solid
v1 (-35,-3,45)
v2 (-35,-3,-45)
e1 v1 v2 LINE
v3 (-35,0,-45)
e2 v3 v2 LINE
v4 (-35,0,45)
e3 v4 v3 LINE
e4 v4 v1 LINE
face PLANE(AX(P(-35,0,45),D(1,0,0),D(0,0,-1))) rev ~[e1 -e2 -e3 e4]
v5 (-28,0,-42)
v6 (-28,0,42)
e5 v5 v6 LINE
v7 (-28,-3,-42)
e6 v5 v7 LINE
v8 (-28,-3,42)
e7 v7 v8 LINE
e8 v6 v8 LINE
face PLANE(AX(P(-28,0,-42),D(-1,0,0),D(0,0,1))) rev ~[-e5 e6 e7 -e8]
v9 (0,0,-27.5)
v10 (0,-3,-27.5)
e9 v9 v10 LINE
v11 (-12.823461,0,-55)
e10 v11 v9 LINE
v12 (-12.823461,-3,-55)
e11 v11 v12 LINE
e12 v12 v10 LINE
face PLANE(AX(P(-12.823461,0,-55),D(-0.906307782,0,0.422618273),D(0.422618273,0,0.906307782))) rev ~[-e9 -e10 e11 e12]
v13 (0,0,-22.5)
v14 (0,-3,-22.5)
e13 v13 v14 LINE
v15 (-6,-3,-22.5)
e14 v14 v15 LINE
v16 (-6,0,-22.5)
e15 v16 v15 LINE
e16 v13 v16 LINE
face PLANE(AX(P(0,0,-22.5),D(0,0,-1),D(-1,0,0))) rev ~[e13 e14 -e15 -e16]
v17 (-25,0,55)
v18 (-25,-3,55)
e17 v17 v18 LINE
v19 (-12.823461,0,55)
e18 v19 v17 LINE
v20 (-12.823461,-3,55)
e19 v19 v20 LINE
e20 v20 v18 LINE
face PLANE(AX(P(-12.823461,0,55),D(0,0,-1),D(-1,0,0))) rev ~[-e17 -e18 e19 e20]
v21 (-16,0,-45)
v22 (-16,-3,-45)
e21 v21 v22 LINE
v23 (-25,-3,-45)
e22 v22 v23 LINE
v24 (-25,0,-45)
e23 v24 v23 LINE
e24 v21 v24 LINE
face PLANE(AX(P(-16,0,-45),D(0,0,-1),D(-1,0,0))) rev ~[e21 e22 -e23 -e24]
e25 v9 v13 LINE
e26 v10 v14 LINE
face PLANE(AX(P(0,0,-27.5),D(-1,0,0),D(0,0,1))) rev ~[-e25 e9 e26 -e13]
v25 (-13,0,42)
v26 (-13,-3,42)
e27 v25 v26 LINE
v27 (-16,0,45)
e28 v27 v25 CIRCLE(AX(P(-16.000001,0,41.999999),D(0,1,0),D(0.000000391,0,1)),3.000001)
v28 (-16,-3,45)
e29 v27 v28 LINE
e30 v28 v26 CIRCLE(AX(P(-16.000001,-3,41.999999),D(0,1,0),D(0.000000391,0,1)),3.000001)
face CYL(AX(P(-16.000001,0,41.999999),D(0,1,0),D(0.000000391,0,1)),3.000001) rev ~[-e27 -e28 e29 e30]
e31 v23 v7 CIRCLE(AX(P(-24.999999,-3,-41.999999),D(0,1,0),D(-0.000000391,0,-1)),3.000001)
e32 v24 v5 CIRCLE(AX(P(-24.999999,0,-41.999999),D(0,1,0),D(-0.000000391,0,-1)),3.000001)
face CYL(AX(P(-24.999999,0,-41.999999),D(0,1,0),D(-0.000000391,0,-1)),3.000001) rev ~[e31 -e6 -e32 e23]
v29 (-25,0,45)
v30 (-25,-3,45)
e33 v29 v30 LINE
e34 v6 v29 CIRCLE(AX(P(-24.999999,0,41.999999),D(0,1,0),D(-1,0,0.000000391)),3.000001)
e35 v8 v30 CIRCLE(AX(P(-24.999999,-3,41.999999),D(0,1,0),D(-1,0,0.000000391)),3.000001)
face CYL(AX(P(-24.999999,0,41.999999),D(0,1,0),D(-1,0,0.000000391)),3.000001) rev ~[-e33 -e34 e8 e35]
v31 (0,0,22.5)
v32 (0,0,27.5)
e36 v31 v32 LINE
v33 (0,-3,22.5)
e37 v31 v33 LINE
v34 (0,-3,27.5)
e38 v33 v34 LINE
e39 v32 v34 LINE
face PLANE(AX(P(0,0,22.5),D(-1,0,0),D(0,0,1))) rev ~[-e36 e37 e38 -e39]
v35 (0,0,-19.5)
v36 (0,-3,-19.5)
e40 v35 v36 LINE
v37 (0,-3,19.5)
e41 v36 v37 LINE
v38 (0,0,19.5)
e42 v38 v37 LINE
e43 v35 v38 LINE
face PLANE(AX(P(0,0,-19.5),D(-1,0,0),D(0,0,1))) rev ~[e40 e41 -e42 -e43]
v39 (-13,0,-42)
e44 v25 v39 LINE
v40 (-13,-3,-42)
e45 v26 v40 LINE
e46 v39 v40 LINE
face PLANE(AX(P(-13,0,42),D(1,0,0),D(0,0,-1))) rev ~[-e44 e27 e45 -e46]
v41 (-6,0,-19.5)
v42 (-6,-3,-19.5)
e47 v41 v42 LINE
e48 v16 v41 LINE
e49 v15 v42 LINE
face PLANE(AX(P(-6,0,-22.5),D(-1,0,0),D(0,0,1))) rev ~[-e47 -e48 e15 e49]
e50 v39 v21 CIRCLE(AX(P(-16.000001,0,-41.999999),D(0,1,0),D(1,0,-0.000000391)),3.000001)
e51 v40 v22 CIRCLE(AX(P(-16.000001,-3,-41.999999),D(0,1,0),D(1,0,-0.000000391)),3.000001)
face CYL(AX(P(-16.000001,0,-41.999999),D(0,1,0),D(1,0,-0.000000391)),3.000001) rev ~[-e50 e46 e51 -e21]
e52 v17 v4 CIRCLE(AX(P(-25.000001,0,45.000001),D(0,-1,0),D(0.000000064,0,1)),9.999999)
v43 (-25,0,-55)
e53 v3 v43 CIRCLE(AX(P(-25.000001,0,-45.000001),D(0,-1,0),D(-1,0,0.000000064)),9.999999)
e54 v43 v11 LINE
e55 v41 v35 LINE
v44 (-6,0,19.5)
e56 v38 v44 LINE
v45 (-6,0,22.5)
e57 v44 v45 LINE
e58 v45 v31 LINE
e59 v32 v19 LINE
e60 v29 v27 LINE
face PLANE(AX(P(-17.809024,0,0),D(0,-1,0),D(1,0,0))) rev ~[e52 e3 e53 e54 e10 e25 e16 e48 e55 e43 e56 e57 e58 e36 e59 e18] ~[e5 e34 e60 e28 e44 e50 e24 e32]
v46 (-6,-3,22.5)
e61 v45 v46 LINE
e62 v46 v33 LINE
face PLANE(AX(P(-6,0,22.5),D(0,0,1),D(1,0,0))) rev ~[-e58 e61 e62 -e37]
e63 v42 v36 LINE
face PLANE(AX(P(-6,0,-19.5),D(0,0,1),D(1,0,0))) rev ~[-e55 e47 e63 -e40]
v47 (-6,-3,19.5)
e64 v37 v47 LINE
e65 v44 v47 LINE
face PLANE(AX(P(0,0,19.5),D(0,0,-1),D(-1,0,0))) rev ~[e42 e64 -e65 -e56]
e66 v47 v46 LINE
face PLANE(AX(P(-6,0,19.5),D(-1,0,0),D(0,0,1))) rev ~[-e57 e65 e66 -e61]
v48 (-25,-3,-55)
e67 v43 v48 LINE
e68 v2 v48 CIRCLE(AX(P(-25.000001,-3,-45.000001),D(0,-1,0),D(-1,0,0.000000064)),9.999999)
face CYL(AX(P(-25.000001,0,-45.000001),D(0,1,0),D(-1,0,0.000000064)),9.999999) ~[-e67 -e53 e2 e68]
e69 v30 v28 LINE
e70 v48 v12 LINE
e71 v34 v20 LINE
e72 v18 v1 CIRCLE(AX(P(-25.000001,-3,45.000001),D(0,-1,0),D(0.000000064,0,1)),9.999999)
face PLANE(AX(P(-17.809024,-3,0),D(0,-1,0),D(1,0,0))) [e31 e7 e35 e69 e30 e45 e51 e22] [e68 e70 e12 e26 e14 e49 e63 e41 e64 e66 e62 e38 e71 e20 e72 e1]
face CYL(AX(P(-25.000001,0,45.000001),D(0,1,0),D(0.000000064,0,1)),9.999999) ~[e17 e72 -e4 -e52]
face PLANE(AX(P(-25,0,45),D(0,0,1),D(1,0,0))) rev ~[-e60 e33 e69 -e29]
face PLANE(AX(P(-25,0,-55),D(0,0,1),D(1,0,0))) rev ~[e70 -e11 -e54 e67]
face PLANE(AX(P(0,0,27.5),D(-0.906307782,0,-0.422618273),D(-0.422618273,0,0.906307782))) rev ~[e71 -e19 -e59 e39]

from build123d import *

# Parameters (mm, degrees)
F1_DEPTH = 3


with BuildPart() as f1:
    # F0 (on Front) → F1 (new body)
    with BuildSketch(Plane.XZ):
        with BuildLine():
            Line((-35, 45), (-35, 0))
            Line((-35, 0), (-35, -45))
            ThreePointArc((-35, -45), (-32.071068, -52.071068), (-25, -55))
            Line((-25, -55), (-12.823461, -55))
            Line((-12.823461, -55), (0, -27.5))
            Line((0, -27.5), (0, -22.5))
            Line((0, -22.5), (-6, -22.5))
            Line((-6, -22.5), (-6, -19.5))
            Line((-6, -19.5), (0, -19.5))
            Line((0, -19.5), (0, 0))
            Line((0, 0), (0, 19.5))
            Line((0, 19.5), (-6, 19.5))
            Line((-6, 19.5), (-6, 22.5))
            Line((-6, 22.5), (0, 22.5))
            Line((0, 22.5), (0, 27.5))
            Line((0, 27.5), (-12.823461, 55))
            Line((-12.823461, 55), (-25, 55))
            ThreePointArc((-25, 55), (-32.071068, 52.071068), (-35, 45))
        make_face()
        with BuildLine():
            Line((-28, -42), (-28, 0))
            Line((-28, 0), (-28, 42))
            ThreePointArc((-28, 42), (-27.12132, 44.12132), (-25, 45))
            Line((-25, 45), (-16, 45))
            ThreePointArc((-16, 45), (-13.87868, 44.12132), (-13, 42))
            Line((-13, 42), (-13, 0))
            Line((-13, 0), (-13, -42))
            ThreePointArc((-13, -42), (-13.87868, -44.12132), (-16, -45))
            Line((-16, -45), (-25, -45))
            ThreePointArc((-25, -45), (-27.12132, -44.12132), (-28, -42))
        make_face(mode=Mode.SUBTRACT)
    extrude(amount=F1_DEPTH)


solid = f1.part
